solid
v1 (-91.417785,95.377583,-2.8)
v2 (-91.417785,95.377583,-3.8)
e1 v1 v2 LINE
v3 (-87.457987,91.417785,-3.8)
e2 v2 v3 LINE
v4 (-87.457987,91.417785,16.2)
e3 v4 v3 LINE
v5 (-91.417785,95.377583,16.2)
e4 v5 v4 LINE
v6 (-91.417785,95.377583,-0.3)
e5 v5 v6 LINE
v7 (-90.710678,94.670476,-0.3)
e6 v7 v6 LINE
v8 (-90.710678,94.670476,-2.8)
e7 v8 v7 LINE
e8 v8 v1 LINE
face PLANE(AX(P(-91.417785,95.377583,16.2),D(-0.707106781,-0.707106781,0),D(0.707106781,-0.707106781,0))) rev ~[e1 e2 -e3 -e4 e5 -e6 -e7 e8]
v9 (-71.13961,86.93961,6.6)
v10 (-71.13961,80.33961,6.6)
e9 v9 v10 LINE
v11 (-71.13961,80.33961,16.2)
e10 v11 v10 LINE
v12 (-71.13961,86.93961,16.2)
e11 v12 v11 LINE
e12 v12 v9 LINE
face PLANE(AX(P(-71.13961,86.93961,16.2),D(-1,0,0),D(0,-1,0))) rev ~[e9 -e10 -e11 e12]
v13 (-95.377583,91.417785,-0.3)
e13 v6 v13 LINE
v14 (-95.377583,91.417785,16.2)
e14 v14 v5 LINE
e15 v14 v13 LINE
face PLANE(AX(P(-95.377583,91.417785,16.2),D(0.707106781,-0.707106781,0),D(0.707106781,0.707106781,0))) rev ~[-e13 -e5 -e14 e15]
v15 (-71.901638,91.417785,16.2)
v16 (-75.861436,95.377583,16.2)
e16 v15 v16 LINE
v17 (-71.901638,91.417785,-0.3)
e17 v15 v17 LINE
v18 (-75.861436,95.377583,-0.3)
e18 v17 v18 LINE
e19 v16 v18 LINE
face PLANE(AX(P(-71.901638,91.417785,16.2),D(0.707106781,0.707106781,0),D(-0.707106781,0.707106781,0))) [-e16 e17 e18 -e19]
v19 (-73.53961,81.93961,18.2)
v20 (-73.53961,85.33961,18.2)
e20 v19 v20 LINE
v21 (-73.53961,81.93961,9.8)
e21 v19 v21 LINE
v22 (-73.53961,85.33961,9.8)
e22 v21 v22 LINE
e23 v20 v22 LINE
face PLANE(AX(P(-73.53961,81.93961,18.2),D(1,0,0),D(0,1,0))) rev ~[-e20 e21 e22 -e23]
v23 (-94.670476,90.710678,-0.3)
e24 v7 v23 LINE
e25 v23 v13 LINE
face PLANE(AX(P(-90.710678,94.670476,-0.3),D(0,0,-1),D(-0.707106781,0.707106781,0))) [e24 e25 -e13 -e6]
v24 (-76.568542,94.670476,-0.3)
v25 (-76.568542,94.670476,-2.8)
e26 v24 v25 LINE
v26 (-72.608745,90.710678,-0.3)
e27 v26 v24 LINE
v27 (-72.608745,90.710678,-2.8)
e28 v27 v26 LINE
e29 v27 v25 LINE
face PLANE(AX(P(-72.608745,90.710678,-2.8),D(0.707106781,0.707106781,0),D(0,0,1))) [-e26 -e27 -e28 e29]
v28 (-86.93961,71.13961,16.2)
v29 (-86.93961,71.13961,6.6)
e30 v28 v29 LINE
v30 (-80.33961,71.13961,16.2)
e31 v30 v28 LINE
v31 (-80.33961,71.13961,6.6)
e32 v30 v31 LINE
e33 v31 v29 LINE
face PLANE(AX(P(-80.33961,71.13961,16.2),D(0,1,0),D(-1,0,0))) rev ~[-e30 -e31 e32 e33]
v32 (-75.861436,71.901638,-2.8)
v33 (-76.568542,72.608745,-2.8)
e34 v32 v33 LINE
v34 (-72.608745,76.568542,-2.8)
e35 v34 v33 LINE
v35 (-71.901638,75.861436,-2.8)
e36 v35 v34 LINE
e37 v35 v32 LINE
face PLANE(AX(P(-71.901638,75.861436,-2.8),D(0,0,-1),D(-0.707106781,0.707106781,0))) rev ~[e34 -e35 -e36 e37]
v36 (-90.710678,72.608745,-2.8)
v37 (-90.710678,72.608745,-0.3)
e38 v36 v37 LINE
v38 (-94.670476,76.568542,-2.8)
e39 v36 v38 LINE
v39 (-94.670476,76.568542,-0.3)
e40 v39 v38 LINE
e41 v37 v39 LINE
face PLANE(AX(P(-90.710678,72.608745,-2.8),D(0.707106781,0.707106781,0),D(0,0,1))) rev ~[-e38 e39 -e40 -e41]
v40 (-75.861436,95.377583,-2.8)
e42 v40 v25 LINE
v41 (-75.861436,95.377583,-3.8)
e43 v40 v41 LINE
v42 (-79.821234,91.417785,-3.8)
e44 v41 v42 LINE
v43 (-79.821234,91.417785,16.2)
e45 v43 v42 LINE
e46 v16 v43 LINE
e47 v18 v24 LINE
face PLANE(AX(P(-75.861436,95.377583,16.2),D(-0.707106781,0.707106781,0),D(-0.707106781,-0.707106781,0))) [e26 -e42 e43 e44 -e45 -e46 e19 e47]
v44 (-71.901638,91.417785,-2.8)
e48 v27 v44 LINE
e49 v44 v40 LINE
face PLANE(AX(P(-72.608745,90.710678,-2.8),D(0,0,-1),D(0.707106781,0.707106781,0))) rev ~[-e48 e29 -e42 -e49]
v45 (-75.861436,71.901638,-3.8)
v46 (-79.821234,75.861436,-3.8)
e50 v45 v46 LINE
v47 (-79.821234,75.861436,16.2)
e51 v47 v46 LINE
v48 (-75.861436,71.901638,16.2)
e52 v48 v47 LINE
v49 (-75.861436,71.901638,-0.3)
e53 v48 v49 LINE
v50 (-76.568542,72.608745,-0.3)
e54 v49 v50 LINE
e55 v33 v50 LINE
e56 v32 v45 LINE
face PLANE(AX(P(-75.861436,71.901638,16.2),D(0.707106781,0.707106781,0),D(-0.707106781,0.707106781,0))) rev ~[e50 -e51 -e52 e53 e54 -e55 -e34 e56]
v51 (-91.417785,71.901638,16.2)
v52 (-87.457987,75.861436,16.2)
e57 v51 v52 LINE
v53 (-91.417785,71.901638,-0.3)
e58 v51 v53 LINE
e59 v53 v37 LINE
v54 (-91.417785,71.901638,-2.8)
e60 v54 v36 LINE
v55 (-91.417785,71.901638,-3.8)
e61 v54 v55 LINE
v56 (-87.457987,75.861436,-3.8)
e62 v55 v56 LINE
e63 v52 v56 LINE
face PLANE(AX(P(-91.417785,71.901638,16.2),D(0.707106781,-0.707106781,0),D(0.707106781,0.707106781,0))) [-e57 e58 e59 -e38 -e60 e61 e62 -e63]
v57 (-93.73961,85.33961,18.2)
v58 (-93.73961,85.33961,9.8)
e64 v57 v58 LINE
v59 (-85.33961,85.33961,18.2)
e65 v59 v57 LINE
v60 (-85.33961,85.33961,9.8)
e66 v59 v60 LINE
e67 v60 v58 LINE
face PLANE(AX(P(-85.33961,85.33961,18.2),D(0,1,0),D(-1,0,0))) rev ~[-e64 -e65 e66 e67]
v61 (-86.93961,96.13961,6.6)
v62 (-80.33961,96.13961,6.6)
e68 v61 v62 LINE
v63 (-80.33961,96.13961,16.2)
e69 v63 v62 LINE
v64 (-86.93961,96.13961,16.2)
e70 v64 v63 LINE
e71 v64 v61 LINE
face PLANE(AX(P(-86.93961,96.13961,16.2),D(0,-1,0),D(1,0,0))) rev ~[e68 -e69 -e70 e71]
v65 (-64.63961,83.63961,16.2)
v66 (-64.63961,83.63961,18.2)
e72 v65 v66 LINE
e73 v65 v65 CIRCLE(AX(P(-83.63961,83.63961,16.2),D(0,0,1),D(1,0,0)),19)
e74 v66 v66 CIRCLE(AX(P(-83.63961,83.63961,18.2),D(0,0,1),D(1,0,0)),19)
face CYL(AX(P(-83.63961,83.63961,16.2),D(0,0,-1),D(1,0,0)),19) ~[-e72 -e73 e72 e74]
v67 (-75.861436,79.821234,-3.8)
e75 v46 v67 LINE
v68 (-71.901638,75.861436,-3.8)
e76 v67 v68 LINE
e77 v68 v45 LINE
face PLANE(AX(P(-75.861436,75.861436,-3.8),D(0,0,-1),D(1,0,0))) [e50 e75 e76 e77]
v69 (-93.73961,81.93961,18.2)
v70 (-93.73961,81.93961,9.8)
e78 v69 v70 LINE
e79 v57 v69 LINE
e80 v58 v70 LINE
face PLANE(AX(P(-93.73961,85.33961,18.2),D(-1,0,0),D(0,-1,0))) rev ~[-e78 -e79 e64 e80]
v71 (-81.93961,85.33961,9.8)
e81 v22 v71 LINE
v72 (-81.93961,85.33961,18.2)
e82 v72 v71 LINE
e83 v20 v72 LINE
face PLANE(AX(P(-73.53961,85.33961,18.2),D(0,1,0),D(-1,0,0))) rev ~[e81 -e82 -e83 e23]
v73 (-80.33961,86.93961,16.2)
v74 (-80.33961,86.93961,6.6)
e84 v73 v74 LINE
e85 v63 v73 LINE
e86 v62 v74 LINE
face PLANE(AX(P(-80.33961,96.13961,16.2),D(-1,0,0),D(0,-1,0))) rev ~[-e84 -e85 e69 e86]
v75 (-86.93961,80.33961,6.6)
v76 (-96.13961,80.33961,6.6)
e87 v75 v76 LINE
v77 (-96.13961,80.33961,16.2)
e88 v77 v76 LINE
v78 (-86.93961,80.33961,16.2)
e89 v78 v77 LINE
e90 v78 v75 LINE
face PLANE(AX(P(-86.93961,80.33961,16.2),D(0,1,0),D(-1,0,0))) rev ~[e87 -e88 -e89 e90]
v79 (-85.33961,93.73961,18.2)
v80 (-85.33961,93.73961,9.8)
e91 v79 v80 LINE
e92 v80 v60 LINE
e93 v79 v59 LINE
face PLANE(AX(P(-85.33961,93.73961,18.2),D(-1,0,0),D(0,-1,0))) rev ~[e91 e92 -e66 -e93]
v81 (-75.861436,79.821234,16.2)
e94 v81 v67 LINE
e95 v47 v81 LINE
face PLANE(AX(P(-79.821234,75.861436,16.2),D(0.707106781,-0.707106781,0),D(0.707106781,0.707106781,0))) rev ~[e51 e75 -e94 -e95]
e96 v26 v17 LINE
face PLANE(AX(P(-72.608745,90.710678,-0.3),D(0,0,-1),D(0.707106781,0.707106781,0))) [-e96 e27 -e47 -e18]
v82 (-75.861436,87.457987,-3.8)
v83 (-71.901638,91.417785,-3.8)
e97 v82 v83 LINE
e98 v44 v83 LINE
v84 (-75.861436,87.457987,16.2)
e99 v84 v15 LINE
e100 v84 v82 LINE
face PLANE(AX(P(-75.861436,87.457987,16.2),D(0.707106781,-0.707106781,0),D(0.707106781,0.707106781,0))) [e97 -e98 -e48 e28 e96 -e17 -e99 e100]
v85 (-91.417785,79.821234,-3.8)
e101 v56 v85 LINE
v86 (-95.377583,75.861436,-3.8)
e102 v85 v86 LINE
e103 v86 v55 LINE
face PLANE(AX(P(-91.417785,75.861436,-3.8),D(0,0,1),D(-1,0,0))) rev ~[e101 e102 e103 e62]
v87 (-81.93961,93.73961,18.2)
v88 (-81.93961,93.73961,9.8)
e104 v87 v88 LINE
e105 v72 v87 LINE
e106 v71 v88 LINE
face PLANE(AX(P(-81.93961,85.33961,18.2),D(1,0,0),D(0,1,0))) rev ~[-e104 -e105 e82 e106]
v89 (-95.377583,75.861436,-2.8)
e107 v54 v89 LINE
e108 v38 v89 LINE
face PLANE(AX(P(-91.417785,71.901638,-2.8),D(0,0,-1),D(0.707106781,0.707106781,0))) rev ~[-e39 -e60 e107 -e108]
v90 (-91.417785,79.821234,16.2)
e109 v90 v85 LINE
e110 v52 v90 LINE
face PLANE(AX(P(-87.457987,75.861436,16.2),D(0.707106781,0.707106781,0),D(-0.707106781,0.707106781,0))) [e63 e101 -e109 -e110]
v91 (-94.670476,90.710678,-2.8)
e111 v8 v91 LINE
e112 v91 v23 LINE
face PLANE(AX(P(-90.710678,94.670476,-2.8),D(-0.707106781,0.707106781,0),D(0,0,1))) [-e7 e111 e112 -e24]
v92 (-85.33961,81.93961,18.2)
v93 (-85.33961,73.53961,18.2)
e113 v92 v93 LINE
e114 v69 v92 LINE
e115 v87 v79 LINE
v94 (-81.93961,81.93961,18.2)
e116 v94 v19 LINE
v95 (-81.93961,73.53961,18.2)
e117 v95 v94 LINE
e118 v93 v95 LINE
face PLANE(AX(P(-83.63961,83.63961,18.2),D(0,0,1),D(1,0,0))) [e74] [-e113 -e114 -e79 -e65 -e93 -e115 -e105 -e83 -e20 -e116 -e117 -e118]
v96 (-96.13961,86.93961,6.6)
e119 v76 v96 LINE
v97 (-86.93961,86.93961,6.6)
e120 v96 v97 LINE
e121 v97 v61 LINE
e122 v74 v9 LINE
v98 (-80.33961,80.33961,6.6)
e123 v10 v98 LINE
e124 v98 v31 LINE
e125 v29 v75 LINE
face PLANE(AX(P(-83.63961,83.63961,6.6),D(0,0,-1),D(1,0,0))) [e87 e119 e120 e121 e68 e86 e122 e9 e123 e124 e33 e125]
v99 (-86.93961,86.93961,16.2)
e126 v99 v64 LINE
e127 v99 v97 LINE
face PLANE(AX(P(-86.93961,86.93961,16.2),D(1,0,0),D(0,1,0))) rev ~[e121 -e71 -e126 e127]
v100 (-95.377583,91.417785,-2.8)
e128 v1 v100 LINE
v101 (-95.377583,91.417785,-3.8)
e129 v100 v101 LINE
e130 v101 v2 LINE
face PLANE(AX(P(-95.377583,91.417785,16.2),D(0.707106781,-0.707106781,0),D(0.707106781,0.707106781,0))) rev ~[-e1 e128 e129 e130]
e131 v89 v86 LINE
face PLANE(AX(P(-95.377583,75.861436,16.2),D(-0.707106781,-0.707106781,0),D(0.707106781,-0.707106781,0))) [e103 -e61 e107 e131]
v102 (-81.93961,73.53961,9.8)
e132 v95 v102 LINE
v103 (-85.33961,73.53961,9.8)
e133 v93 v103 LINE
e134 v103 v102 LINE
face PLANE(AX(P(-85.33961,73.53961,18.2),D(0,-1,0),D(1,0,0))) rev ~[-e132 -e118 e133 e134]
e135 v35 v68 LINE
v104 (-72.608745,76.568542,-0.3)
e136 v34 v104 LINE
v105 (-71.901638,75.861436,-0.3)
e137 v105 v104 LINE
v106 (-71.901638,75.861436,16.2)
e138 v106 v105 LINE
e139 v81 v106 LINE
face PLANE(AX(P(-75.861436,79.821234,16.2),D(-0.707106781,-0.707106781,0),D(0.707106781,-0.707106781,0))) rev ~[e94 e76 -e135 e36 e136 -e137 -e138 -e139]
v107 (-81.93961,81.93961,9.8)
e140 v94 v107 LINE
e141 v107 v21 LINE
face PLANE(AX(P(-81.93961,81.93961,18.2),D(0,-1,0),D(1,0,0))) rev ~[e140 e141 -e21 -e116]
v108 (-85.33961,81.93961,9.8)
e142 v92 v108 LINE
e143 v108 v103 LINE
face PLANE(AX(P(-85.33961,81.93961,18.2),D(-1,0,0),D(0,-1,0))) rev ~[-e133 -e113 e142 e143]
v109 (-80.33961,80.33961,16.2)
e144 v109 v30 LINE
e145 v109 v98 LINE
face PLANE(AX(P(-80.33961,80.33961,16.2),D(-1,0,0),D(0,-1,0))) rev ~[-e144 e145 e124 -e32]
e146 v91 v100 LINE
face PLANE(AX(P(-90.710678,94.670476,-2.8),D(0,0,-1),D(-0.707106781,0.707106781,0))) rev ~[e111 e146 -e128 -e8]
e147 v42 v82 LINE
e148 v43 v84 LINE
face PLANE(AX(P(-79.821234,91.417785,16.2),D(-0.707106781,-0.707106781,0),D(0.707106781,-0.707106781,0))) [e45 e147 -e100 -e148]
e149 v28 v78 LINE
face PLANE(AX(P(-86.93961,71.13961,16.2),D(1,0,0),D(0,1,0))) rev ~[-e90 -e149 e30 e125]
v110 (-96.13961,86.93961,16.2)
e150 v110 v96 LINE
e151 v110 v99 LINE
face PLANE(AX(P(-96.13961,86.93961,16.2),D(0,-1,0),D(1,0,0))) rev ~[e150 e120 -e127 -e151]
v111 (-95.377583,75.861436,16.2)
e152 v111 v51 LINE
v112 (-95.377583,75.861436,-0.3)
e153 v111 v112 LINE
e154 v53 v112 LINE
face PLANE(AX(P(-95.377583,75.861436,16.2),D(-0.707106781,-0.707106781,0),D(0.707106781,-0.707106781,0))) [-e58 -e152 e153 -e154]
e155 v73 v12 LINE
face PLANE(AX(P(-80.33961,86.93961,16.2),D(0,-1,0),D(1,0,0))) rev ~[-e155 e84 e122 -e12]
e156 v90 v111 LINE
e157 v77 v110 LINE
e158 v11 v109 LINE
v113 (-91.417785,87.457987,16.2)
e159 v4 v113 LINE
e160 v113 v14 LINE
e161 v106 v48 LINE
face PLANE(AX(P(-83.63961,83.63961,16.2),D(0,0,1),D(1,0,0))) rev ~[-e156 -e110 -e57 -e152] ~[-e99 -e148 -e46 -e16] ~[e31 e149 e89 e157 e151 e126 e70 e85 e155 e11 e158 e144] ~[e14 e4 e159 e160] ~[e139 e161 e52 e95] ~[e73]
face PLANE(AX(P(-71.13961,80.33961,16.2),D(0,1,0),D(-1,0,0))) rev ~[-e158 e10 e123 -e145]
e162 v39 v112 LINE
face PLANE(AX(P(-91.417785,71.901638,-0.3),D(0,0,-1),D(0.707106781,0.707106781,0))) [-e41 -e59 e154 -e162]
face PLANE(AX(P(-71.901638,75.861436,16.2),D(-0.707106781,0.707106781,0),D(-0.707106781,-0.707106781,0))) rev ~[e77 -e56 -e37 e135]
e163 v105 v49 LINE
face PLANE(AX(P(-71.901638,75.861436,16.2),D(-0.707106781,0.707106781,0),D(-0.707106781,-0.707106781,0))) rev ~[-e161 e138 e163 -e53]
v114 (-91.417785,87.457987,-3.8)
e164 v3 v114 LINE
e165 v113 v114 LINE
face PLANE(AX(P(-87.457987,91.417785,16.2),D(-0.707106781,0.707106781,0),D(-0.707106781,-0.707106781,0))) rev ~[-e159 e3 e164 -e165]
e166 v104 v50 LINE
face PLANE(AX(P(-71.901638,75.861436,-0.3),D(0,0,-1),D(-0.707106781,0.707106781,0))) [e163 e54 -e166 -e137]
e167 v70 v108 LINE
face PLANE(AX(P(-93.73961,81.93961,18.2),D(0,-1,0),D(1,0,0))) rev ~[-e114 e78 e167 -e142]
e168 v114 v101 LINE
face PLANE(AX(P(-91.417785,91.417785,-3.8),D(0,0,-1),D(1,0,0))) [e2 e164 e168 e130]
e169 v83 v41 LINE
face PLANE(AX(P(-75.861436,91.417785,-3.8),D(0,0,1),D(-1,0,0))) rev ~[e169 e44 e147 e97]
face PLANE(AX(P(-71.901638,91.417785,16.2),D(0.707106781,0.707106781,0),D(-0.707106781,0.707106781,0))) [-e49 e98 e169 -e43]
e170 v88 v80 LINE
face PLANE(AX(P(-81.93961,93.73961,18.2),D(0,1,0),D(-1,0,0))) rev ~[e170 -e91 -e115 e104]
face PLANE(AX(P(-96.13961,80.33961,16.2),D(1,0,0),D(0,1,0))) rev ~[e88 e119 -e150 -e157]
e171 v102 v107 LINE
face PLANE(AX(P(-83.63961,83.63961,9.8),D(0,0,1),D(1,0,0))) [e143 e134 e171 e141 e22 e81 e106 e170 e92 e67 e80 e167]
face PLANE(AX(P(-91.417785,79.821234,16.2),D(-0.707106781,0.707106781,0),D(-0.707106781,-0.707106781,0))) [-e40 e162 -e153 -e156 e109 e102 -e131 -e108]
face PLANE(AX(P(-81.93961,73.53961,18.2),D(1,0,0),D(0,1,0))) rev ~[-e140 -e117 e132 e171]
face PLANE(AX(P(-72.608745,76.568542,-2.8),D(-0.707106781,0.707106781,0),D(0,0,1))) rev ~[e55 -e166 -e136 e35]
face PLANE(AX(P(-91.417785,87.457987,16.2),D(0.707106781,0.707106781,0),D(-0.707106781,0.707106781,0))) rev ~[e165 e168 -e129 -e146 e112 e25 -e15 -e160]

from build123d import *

# Parameters (mm, degrees)
SKETCH056_R     = 19
PAD035_DEPTH    = 2
PAD036_DEPTH    = 9.6
POCKET021_DEPTH = 8.4
PAD037_DEPTH    = 20
SKETCH060_W     = 1
SKETCH060_H     = 2.5
POCKET022_DEPTH = 29.6710576851
SKETCH061_W     = 1
SKETCH061_H     = 2.5
POCKET023_DEPTH = 29.6710576851
SKETCH062_W     = 1
SKETCH062_H     = 2.5
POCKET024_DEPTH = 29.6710576851


with BuildPart() as part:
    # Sketch056 (on Face61 of Binder011) → Pad035 (new body)
    with BuildSketch(Plane.XY.offset(16.2)):
        with Locations((-83.6396103068, 83.6396103068)):
            Circle(SKETCH056_R)
    extrude(amount=PAD035_DEPTH)

    # Sketch057 (on Face2 of Pad035) → Pad036 (join)
    with BuildSketch(Plane(origin=(0, 0, 16.2), x_dir=(1, 0, 0), z_dir=(0, 0, -1))):
        Polygon((-96.1396103068, -80.3396103068), (-96.1396103068, -86.9396103068), (-86.9396103068, -86.9396103068), (-86.9396103068, -96.1396103068), (-80.3396103068, -96.1396103068), (-80.3396103068, -86.9396103068), (-71.1396103068, -86.9396103068), (-71.1396103068, -80.3396103068), (-80.3396103068, -80.3396103068), (-80.3396103068, -71.1396103068), (-86.9396103068, -71.1396103068), (-86.9396103068, -80.3396103068), align=None)
    extrude(amount=PAD036_DEPTH)

    # Sketch058 (on Face3 of Pad036) → Pocket021 (cut)
    with BuildSketch(Plane.XY.offset(18.2)):
        Polygon((-85.3396103068, 93.7396103068), (-85.3396103068, 85.3396103068), (-93.7396103068, 85.3396103068), (-93.7396103068, 81.9396103068), (-85.3396103068, 81.9396103068), (-85.3396103068, 73.5396103068), (-81.9396103068, 73.5396103068), (-81.9396103068, 81.9396103068), (-73.5396103068, 81.9396103068), (-73.5396103068, 85.3396103068), (-81.9396103068, 85.3396103068), (-81.9396103068, 93.7396103068), align=None)
    extrude(amount=-POCKET021_DEPTH, mode=Mode.SUBTRACT)

    # Sketch059 (on Face2 of Pocket021) → Pad037 (join)
    with BuildSketch(Plane(origin=(0, 0, 16.2), x_dir=(1, 0, 0), z_dir=(0, 0, -1))):
        Polygon((-91.4177848998, -71.9016377391), (-87.4579869252, -75.8614357137), (-91.4177848998, -79.8212336884), (-95.3775828745, -75.8614357137), align=None)
        Polygon((-91.4177848998, -87.4579869252), (-95.3775828745, -91.4177848998), (-91.4177848998, -95.3775828745), (-87.4579869252, -91.4177848998), align=None)
        Polygon((-75.8614357137, -71.9016377391), (-79.8212336884, -75.8614357137), (-75.8614357137, -79.8212336884), (-71.9016377391, -75.8614357137), align=None)
        Polygon((-79.8212336884, -91.4177848998), (-75.8614357137, -87.4579869252), (-71.9016377391, -91.4177848998), (-75.8614357137, -95.3775828745), align=None)
    extrude(amount=PAD037_DEPTH)

    # Sketch060 (on Face13 of Pad037) → Pocket022 (cut, through all)
    with BuildSketch(Plane(origin=(1.9798989873, 1.9798989873, 0), x_dir=(-0.7071067812, 0.7071067812, 0), z_dir=(0.7071067812, 0.7071067812, 0))):
        with Locations((131.5842712475, -1.55)):
            Rectangle(SKETCH060_W, SKETCH060_H)
    extrude(amount=-POCKET022_DEPTH, mode=Mode.SUBTRACT)

    # Sketch061 (on Face9 of Pocket022) → Pocket023 (cut, through all)
    with BuildSketch(Plane(origin=(1.9798989873, 1.9798989873, 0), x_dir=(-0.7071067812, 0.7071067812, 0), z_dir=(0.7071067812, 0.7071067812, 0))):
        with Locations((104.9842712475, -1.55)):
            Rectangle(SKETCH061_W, SKETCH061_H)
    extrude(amount=-POCKET023_DEPTH, mode=Mode.SUBTRACT)

    # Sketch062 (on Face29 of Pocket023) → Pocket024 (cut, through all)
    with BuildSketch(Plane(origin=(-81.6597113195, 81.6597113195, 0), x_dir=(0.7071067812, 0.7071067812, 0), z_dir=(0.7071067812, -0.7071067812, 0))):
        with Locations((13.3, -1.55)):
            Rectangle(SKETCH062_W, SKETCH062_H)
        with Locations((-13.3, -1.55)):
            Rectangle(SKETCH062_W, SKETCH062_H)
    extrude(amount=-POCKET024_DEPTH, mode=Mode.SUBTRACT)


solid = part.part
